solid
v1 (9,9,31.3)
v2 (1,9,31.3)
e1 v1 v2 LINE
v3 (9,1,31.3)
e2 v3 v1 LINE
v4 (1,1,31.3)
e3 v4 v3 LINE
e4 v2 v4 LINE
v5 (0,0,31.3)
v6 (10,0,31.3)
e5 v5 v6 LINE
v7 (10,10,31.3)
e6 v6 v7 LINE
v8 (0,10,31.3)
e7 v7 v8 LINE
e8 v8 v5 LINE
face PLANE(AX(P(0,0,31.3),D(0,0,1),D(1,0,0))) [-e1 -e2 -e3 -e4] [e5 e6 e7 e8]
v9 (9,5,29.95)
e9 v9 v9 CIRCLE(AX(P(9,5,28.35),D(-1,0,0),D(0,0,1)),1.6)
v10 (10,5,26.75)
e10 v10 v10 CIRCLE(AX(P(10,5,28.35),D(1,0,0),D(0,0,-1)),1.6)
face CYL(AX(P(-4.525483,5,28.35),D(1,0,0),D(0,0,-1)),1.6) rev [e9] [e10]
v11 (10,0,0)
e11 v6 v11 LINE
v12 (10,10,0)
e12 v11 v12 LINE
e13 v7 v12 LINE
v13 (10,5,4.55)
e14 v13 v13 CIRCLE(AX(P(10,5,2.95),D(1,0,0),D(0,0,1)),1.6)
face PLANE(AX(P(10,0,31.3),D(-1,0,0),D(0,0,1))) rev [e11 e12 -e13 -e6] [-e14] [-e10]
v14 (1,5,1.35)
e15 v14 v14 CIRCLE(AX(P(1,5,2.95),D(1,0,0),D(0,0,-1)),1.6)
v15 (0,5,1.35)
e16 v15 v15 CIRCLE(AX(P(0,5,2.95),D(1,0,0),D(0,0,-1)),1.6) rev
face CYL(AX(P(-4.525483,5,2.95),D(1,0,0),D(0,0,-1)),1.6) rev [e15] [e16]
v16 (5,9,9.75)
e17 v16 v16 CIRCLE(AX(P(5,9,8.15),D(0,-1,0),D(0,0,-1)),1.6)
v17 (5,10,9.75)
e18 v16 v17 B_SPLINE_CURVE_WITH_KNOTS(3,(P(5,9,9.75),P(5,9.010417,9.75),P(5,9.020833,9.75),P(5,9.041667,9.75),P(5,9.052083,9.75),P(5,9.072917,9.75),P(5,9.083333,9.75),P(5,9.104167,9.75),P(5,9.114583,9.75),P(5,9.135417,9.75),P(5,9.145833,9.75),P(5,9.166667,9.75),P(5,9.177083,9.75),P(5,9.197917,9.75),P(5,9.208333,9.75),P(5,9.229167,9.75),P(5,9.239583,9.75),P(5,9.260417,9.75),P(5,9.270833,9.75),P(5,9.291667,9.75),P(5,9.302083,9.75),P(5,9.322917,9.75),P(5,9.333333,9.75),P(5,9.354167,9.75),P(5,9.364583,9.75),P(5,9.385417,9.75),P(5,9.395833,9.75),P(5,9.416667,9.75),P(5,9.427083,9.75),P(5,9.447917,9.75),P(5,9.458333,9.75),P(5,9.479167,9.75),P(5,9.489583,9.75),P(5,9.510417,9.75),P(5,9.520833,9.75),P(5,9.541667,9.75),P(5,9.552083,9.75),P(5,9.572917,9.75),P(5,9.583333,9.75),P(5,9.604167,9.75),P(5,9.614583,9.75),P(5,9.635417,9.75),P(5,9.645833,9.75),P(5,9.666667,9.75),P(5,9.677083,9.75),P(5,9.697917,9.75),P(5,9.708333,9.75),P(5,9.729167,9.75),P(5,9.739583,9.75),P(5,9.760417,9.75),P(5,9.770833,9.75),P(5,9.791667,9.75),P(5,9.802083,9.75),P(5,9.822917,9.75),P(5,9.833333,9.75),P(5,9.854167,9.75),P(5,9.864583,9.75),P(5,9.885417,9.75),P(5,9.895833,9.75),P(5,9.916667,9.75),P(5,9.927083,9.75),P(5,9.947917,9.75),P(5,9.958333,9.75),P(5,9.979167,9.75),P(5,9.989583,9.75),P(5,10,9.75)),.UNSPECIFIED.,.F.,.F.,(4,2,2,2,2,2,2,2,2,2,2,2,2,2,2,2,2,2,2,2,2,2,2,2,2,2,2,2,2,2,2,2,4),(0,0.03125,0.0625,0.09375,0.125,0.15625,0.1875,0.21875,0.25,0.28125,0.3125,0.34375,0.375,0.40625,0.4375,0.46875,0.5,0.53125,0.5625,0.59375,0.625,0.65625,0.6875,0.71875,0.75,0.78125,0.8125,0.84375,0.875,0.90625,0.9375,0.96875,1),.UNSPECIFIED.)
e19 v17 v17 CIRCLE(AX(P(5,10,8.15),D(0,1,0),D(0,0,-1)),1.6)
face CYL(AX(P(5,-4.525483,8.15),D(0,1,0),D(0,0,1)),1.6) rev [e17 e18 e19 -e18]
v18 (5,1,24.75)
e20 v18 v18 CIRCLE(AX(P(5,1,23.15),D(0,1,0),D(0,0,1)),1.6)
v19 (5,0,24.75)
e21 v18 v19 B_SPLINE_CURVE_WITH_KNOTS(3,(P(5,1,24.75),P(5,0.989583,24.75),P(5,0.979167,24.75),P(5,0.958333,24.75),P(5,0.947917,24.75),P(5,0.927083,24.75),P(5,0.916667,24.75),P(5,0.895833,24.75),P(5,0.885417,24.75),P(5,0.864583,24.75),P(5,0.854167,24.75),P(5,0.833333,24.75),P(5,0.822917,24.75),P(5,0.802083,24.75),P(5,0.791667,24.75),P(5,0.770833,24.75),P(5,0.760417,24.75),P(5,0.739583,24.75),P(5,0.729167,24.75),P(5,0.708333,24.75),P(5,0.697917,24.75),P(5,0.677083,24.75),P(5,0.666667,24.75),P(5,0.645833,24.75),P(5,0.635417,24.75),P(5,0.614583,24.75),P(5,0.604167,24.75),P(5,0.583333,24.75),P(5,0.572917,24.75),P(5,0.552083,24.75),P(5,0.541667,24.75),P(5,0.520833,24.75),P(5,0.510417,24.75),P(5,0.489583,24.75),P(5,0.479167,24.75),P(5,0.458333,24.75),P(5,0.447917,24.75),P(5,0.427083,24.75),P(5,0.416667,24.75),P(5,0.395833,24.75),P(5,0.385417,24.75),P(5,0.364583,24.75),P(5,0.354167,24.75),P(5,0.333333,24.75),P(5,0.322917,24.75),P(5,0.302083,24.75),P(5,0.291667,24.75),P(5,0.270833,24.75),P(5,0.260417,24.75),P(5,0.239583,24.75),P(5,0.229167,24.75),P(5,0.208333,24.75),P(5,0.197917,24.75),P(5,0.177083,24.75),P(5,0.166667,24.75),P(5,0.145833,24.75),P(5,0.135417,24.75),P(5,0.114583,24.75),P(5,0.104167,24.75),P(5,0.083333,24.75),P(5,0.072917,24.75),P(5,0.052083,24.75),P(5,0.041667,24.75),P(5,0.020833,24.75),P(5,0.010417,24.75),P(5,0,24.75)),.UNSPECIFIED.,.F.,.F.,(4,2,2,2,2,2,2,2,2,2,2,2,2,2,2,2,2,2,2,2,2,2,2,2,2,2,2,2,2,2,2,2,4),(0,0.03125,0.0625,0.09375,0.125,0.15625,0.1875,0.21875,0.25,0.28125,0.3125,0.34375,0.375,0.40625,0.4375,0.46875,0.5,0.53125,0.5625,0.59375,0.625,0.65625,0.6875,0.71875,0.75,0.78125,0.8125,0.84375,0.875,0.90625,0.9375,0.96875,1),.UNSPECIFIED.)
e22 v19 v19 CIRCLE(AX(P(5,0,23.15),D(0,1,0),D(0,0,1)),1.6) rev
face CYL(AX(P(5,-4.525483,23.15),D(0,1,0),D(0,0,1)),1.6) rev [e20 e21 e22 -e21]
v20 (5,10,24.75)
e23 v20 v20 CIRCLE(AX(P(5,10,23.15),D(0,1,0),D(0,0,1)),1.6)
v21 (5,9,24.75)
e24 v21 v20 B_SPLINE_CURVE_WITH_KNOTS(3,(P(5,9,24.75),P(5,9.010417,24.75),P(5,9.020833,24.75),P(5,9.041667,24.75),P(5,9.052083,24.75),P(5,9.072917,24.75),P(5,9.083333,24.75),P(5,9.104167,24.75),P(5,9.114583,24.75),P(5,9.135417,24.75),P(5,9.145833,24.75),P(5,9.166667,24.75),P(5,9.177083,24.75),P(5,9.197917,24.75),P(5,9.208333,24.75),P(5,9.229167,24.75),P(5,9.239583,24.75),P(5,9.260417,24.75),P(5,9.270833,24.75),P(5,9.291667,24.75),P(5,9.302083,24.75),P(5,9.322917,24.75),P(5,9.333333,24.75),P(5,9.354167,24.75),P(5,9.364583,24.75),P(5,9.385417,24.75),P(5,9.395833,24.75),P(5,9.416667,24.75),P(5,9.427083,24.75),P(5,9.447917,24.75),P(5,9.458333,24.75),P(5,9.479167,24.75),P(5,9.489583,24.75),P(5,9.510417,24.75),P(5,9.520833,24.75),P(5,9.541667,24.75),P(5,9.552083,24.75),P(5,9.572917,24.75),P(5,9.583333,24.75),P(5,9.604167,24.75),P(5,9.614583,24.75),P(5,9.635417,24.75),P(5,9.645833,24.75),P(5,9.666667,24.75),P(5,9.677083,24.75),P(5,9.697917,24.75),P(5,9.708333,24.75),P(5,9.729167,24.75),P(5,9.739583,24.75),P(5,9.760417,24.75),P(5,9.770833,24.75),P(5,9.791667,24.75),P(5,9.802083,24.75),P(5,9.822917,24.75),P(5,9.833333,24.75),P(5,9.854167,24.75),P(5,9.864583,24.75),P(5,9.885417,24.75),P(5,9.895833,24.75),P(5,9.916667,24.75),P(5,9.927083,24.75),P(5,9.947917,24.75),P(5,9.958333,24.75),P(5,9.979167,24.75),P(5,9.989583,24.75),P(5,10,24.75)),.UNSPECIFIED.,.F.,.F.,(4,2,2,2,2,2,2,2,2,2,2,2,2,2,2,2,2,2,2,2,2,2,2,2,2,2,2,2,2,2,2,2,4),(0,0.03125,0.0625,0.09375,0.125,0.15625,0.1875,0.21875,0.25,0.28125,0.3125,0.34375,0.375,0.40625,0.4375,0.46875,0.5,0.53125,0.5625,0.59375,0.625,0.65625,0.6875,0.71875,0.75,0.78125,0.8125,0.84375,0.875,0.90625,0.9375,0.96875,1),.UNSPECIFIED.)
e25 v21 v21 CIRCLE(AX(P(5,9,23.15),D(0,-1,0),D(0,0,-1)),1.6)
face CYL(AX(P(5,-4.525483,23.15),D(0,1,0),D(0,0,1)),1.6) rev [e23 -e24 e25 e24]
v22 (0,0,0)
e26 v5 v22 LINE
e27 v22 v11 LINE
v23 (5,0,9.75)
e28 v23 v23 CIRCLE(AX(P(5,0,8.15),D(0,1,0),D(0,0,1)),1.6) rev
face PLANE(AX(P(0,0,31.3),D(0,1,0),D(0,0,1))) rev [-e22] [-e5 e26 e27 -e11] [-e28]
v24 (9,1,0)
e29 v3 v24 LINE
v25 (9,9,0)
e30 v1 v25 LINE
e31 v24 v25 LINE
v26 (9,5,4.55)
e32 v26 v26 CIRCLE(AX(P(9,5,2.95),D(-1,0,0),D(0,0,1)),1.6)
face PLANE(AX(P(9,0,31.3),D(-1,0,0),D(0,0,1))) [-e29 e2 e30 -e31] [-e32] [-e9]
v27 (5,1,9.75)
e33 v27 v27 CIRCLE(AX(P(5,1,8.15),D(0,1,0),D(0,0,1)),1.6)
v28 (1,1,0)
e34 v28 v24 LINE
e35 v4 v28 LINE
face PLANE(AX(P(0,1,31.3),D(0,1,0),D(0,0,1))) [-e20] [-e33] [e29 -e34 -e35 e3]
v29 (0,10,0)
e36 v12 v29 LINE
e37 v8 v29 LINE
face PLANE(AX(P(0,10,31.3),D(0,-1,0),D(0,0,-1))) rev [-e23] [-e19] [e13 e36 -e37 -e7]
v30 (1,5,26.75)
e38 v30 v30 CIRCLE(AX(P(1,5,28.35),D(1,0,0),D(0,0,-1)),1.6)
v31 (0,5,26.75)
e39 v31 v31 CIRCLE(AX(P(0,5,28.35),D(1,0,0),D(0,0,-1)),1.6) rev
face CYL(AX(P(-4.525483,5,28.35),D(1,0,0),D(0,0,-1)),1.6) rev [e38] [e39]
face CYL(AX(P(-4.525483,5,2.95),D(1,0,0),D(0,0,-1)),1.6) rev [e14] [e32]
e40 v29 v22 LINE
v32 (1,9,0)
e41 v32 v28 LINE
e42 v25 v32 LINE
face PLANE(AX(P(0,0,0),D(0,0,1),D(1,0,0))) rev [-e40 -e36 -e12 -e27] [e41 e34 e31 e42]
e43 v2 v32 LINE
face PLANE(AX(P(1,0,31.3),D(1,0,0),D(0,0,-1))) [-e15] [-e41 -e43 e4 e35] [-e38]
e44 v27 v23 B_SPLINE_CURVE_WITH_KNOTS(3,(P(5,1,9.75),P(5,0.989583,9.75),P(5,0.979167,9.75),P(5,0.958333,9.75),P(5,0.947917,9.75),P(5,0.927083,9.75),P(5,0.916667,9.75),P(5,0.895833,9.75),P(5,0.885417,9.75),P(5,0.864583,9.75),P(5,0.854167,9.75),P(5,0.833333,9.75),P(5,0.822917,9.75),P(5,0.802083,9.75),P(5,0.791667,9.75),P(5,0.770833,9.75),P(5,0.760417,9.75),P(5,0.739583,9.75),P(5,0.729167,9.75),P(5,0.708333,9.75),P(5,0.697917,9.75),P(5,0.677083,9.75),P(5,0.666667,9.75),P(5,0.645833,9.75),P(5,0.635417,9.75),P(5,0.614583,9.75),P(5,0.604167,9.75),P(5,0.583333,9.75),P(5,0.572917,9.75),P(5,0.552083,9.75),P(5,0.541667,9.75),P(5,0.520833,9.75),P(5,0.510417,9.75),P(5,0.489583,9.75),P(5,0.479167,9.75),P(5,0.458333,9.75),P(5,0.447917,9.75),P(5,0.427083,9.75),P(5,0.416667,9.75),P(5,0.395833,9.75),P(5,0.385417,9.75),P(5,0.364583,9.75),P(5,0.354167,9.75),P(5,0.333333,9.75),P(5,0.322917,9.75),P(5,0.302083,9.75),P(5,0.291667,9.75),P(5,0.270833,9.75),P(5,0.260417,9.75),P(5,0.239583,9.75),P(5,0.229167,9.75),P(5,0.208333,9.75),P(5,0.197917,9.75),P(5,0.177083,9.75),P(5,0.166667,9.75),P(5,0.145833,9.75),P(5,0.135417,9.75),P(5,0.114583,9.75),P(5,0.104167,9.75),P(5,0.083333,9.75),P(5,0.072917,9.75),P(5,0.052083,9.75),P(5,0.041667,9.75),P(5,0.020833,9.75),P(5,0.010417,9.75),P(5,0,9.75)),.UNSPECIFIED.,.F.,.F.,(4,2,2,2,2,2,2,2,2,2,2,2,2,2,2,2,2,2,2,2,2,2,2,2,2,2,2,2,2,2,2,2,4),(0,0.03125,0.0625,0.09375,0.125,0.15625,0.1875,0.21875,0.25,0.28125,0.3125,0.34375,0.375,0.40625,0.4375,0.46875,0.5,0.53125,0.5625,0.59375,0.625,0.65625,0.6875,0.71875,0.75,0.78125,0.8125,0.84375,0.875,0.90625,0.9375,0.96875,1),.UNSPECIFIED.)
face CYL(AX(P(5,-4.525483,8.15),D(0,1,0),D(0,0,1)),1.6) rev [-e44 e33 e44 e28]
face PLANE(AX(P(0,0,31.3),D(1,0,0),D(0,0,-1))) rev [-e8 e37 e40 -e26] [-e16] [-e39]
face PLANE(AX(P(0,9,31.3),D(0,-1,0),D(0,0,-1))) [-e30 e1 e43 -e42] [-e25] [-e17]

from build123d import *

# Parameters (mm, degrees)
SKETCH_2_W          = 10
SKETCH_2_H          = 10
SKETCH_2_W_2        = 8
SKETCH_2_H_2        = 8
EXTRUDE_1_DEPTH     = 31.3
CUT_EXTRUDE_1_REACH = 36.347
SKETCH_3_R          = 1.6
CUT_EXTRUDE_2_REACH = 36.347
SKETCH_4_R          = 1.6


with BuildPart() as part:
    # ｽｹｯﾁ2 → 押し出し-薄板1 (new body)
    with BuildSketch(Plane.XY):
        with Locations((5, 5)):
            Rectangle(SKETCH_2_W, SKETCH_2_H)
        with Locations((5, 5)):
            Rectangle(SKETCH_2_W_2, SKETCH_2_H_2, mode=Mode.SUBTRACT)
    extrude(amount=EXTRUDE_1_DEPTH)

    # ｶｯﾄ - 押し出し1: up to this face of the body (flat: up to its plane)
    cut_extrude_1_end = Plane(part.part.faces().sort_by_distance((5, 0, 15.65))[0])
    # ｽｹｯﾁ3 → ｶｯﾄ - 押し出し1 (cut, up to the picked face)
    with BuildSketch(Plane(origin=(0, 10, 0), x_dir=(1, 0, 0), z_dir=(0, 1, 0)), mode=Mode.PRIVATE) as cut_extrude_1_sk1:
        with Locations(Location((5, -23.15, 0), (0, 0, 270))):
            Circle(SKETCH_3_R)
    cut_extrude_1_tool1 = split(extrude(cut_extrude_1_sk1.sketch, amount=-CUT_EXTRUDE_1_REACH, mode=Mode.PRIVATE), bisect_by=cut_extrude_1_end, keep=Keep.BOTH, mode=Mode.PRIVATE)
    # ｽｹｯﾁ3 → ｶｯﾄ - 押し出し1 (cut, up to the picked face)
    with BuildSketch(Plane(origin=(0, 10, 0), x_dir=(1, 0, 0), z_dir=(0, 1, 0)), mode=Mode.PRIVATE) as cut_extrude_1_sk2:
        with Locations(Location((5, -8.15, 0), (0, 0, 270))):
            Circle(SKETCH_3_R)
    cut_extrude_1_tool2 = split(extrude(cut_extrude_1_sk2.sketch, amount=-CUT_EXTRUDE_1_REACH, mode=Mode.PRIVATE), bisect_by=cut_extrude_1_end, keep=Keep.BOTH, mode=Mode.PRIVATE)
    add(cut_extrude_1_tool1.solids().sort_by(Axis((5, 10, 23.15), (0, -1, 0)))[0], mode=Mode.SUBTRACT)
    add(cut_extrude_1_tool2.solids().sort_by(Axis((5, 10, 8.15), (0, -1, 0)))[0], mode=Mode.SUBTRACT)

    # ｶｯﾄ - 押し出し2: up to this face of the body (flat: up to its plane)
    cut_extrude_2_end = Plane(part.part.faces().sort_by_distance((0, 5, 15.65))[0])
    # ｽｹｯﾁ4 → ｶｯﾄ - 押し出し2 (cut, up to the picked face)
    with BuildSketch(Plane(origin=(10, 0, 0), x_dir=(0, 0, -1), z_dir=(1, 0, 0)), mode=Mode.PRIVATE) as cut_extrude_2_sk1:
        with Locations((-28.35, 5)):
            Circle(SKETCH_4_R)
    cut_extrude_2_tool1 = split(extrude(cut_extrude_2_sk1.sketch, amount=-CUT_EXTRUDE_2_REACH, mode=Mode.PRIVATE), bisect_by=cut_extrude_2_end, keep=Keep.BOTH, mode=Mode.PRIVATE)
    # ｽｹｯﾁ4 → ｶｯﾄ - 押し出し2 (cut, up to the picked face)
    with BuildSketch(Plane(origin=(10, 0, 0), x_dir=(0, 0, -1), z_dir=(1, 0, 0)), mode=Mode.PRIVATE) as cut_extrude_2_sk2:
        with Locations(Location((-2.95, 5, 0), (0, 0, 180))):
            Circle(SKETCH_4_R)
    cut_extrude_2_tool2 = split(extrude(cut_extrude_2_sk2.sketch, amount=-CUT_EXTRUDE_2_REACH, mode=Mode.PRIVATE), bisect_by=cut_extrude_2_end, keep=Keep.BOTH, mode=Mode.PRIVATE)
    add(cut_extrude_2_tool1.solids().sort_by(Axis((10, 5, 28.35), (-1, 0, 0)))[0], mode=Mode.SUBTRACT)
    add(cut_extrude_2_tool2.solids().sort_by(Axis((10, 5, 2.95), (-1, 0, 0)))[0], mode=Mode.SUBTRACT)


solid = part.part
